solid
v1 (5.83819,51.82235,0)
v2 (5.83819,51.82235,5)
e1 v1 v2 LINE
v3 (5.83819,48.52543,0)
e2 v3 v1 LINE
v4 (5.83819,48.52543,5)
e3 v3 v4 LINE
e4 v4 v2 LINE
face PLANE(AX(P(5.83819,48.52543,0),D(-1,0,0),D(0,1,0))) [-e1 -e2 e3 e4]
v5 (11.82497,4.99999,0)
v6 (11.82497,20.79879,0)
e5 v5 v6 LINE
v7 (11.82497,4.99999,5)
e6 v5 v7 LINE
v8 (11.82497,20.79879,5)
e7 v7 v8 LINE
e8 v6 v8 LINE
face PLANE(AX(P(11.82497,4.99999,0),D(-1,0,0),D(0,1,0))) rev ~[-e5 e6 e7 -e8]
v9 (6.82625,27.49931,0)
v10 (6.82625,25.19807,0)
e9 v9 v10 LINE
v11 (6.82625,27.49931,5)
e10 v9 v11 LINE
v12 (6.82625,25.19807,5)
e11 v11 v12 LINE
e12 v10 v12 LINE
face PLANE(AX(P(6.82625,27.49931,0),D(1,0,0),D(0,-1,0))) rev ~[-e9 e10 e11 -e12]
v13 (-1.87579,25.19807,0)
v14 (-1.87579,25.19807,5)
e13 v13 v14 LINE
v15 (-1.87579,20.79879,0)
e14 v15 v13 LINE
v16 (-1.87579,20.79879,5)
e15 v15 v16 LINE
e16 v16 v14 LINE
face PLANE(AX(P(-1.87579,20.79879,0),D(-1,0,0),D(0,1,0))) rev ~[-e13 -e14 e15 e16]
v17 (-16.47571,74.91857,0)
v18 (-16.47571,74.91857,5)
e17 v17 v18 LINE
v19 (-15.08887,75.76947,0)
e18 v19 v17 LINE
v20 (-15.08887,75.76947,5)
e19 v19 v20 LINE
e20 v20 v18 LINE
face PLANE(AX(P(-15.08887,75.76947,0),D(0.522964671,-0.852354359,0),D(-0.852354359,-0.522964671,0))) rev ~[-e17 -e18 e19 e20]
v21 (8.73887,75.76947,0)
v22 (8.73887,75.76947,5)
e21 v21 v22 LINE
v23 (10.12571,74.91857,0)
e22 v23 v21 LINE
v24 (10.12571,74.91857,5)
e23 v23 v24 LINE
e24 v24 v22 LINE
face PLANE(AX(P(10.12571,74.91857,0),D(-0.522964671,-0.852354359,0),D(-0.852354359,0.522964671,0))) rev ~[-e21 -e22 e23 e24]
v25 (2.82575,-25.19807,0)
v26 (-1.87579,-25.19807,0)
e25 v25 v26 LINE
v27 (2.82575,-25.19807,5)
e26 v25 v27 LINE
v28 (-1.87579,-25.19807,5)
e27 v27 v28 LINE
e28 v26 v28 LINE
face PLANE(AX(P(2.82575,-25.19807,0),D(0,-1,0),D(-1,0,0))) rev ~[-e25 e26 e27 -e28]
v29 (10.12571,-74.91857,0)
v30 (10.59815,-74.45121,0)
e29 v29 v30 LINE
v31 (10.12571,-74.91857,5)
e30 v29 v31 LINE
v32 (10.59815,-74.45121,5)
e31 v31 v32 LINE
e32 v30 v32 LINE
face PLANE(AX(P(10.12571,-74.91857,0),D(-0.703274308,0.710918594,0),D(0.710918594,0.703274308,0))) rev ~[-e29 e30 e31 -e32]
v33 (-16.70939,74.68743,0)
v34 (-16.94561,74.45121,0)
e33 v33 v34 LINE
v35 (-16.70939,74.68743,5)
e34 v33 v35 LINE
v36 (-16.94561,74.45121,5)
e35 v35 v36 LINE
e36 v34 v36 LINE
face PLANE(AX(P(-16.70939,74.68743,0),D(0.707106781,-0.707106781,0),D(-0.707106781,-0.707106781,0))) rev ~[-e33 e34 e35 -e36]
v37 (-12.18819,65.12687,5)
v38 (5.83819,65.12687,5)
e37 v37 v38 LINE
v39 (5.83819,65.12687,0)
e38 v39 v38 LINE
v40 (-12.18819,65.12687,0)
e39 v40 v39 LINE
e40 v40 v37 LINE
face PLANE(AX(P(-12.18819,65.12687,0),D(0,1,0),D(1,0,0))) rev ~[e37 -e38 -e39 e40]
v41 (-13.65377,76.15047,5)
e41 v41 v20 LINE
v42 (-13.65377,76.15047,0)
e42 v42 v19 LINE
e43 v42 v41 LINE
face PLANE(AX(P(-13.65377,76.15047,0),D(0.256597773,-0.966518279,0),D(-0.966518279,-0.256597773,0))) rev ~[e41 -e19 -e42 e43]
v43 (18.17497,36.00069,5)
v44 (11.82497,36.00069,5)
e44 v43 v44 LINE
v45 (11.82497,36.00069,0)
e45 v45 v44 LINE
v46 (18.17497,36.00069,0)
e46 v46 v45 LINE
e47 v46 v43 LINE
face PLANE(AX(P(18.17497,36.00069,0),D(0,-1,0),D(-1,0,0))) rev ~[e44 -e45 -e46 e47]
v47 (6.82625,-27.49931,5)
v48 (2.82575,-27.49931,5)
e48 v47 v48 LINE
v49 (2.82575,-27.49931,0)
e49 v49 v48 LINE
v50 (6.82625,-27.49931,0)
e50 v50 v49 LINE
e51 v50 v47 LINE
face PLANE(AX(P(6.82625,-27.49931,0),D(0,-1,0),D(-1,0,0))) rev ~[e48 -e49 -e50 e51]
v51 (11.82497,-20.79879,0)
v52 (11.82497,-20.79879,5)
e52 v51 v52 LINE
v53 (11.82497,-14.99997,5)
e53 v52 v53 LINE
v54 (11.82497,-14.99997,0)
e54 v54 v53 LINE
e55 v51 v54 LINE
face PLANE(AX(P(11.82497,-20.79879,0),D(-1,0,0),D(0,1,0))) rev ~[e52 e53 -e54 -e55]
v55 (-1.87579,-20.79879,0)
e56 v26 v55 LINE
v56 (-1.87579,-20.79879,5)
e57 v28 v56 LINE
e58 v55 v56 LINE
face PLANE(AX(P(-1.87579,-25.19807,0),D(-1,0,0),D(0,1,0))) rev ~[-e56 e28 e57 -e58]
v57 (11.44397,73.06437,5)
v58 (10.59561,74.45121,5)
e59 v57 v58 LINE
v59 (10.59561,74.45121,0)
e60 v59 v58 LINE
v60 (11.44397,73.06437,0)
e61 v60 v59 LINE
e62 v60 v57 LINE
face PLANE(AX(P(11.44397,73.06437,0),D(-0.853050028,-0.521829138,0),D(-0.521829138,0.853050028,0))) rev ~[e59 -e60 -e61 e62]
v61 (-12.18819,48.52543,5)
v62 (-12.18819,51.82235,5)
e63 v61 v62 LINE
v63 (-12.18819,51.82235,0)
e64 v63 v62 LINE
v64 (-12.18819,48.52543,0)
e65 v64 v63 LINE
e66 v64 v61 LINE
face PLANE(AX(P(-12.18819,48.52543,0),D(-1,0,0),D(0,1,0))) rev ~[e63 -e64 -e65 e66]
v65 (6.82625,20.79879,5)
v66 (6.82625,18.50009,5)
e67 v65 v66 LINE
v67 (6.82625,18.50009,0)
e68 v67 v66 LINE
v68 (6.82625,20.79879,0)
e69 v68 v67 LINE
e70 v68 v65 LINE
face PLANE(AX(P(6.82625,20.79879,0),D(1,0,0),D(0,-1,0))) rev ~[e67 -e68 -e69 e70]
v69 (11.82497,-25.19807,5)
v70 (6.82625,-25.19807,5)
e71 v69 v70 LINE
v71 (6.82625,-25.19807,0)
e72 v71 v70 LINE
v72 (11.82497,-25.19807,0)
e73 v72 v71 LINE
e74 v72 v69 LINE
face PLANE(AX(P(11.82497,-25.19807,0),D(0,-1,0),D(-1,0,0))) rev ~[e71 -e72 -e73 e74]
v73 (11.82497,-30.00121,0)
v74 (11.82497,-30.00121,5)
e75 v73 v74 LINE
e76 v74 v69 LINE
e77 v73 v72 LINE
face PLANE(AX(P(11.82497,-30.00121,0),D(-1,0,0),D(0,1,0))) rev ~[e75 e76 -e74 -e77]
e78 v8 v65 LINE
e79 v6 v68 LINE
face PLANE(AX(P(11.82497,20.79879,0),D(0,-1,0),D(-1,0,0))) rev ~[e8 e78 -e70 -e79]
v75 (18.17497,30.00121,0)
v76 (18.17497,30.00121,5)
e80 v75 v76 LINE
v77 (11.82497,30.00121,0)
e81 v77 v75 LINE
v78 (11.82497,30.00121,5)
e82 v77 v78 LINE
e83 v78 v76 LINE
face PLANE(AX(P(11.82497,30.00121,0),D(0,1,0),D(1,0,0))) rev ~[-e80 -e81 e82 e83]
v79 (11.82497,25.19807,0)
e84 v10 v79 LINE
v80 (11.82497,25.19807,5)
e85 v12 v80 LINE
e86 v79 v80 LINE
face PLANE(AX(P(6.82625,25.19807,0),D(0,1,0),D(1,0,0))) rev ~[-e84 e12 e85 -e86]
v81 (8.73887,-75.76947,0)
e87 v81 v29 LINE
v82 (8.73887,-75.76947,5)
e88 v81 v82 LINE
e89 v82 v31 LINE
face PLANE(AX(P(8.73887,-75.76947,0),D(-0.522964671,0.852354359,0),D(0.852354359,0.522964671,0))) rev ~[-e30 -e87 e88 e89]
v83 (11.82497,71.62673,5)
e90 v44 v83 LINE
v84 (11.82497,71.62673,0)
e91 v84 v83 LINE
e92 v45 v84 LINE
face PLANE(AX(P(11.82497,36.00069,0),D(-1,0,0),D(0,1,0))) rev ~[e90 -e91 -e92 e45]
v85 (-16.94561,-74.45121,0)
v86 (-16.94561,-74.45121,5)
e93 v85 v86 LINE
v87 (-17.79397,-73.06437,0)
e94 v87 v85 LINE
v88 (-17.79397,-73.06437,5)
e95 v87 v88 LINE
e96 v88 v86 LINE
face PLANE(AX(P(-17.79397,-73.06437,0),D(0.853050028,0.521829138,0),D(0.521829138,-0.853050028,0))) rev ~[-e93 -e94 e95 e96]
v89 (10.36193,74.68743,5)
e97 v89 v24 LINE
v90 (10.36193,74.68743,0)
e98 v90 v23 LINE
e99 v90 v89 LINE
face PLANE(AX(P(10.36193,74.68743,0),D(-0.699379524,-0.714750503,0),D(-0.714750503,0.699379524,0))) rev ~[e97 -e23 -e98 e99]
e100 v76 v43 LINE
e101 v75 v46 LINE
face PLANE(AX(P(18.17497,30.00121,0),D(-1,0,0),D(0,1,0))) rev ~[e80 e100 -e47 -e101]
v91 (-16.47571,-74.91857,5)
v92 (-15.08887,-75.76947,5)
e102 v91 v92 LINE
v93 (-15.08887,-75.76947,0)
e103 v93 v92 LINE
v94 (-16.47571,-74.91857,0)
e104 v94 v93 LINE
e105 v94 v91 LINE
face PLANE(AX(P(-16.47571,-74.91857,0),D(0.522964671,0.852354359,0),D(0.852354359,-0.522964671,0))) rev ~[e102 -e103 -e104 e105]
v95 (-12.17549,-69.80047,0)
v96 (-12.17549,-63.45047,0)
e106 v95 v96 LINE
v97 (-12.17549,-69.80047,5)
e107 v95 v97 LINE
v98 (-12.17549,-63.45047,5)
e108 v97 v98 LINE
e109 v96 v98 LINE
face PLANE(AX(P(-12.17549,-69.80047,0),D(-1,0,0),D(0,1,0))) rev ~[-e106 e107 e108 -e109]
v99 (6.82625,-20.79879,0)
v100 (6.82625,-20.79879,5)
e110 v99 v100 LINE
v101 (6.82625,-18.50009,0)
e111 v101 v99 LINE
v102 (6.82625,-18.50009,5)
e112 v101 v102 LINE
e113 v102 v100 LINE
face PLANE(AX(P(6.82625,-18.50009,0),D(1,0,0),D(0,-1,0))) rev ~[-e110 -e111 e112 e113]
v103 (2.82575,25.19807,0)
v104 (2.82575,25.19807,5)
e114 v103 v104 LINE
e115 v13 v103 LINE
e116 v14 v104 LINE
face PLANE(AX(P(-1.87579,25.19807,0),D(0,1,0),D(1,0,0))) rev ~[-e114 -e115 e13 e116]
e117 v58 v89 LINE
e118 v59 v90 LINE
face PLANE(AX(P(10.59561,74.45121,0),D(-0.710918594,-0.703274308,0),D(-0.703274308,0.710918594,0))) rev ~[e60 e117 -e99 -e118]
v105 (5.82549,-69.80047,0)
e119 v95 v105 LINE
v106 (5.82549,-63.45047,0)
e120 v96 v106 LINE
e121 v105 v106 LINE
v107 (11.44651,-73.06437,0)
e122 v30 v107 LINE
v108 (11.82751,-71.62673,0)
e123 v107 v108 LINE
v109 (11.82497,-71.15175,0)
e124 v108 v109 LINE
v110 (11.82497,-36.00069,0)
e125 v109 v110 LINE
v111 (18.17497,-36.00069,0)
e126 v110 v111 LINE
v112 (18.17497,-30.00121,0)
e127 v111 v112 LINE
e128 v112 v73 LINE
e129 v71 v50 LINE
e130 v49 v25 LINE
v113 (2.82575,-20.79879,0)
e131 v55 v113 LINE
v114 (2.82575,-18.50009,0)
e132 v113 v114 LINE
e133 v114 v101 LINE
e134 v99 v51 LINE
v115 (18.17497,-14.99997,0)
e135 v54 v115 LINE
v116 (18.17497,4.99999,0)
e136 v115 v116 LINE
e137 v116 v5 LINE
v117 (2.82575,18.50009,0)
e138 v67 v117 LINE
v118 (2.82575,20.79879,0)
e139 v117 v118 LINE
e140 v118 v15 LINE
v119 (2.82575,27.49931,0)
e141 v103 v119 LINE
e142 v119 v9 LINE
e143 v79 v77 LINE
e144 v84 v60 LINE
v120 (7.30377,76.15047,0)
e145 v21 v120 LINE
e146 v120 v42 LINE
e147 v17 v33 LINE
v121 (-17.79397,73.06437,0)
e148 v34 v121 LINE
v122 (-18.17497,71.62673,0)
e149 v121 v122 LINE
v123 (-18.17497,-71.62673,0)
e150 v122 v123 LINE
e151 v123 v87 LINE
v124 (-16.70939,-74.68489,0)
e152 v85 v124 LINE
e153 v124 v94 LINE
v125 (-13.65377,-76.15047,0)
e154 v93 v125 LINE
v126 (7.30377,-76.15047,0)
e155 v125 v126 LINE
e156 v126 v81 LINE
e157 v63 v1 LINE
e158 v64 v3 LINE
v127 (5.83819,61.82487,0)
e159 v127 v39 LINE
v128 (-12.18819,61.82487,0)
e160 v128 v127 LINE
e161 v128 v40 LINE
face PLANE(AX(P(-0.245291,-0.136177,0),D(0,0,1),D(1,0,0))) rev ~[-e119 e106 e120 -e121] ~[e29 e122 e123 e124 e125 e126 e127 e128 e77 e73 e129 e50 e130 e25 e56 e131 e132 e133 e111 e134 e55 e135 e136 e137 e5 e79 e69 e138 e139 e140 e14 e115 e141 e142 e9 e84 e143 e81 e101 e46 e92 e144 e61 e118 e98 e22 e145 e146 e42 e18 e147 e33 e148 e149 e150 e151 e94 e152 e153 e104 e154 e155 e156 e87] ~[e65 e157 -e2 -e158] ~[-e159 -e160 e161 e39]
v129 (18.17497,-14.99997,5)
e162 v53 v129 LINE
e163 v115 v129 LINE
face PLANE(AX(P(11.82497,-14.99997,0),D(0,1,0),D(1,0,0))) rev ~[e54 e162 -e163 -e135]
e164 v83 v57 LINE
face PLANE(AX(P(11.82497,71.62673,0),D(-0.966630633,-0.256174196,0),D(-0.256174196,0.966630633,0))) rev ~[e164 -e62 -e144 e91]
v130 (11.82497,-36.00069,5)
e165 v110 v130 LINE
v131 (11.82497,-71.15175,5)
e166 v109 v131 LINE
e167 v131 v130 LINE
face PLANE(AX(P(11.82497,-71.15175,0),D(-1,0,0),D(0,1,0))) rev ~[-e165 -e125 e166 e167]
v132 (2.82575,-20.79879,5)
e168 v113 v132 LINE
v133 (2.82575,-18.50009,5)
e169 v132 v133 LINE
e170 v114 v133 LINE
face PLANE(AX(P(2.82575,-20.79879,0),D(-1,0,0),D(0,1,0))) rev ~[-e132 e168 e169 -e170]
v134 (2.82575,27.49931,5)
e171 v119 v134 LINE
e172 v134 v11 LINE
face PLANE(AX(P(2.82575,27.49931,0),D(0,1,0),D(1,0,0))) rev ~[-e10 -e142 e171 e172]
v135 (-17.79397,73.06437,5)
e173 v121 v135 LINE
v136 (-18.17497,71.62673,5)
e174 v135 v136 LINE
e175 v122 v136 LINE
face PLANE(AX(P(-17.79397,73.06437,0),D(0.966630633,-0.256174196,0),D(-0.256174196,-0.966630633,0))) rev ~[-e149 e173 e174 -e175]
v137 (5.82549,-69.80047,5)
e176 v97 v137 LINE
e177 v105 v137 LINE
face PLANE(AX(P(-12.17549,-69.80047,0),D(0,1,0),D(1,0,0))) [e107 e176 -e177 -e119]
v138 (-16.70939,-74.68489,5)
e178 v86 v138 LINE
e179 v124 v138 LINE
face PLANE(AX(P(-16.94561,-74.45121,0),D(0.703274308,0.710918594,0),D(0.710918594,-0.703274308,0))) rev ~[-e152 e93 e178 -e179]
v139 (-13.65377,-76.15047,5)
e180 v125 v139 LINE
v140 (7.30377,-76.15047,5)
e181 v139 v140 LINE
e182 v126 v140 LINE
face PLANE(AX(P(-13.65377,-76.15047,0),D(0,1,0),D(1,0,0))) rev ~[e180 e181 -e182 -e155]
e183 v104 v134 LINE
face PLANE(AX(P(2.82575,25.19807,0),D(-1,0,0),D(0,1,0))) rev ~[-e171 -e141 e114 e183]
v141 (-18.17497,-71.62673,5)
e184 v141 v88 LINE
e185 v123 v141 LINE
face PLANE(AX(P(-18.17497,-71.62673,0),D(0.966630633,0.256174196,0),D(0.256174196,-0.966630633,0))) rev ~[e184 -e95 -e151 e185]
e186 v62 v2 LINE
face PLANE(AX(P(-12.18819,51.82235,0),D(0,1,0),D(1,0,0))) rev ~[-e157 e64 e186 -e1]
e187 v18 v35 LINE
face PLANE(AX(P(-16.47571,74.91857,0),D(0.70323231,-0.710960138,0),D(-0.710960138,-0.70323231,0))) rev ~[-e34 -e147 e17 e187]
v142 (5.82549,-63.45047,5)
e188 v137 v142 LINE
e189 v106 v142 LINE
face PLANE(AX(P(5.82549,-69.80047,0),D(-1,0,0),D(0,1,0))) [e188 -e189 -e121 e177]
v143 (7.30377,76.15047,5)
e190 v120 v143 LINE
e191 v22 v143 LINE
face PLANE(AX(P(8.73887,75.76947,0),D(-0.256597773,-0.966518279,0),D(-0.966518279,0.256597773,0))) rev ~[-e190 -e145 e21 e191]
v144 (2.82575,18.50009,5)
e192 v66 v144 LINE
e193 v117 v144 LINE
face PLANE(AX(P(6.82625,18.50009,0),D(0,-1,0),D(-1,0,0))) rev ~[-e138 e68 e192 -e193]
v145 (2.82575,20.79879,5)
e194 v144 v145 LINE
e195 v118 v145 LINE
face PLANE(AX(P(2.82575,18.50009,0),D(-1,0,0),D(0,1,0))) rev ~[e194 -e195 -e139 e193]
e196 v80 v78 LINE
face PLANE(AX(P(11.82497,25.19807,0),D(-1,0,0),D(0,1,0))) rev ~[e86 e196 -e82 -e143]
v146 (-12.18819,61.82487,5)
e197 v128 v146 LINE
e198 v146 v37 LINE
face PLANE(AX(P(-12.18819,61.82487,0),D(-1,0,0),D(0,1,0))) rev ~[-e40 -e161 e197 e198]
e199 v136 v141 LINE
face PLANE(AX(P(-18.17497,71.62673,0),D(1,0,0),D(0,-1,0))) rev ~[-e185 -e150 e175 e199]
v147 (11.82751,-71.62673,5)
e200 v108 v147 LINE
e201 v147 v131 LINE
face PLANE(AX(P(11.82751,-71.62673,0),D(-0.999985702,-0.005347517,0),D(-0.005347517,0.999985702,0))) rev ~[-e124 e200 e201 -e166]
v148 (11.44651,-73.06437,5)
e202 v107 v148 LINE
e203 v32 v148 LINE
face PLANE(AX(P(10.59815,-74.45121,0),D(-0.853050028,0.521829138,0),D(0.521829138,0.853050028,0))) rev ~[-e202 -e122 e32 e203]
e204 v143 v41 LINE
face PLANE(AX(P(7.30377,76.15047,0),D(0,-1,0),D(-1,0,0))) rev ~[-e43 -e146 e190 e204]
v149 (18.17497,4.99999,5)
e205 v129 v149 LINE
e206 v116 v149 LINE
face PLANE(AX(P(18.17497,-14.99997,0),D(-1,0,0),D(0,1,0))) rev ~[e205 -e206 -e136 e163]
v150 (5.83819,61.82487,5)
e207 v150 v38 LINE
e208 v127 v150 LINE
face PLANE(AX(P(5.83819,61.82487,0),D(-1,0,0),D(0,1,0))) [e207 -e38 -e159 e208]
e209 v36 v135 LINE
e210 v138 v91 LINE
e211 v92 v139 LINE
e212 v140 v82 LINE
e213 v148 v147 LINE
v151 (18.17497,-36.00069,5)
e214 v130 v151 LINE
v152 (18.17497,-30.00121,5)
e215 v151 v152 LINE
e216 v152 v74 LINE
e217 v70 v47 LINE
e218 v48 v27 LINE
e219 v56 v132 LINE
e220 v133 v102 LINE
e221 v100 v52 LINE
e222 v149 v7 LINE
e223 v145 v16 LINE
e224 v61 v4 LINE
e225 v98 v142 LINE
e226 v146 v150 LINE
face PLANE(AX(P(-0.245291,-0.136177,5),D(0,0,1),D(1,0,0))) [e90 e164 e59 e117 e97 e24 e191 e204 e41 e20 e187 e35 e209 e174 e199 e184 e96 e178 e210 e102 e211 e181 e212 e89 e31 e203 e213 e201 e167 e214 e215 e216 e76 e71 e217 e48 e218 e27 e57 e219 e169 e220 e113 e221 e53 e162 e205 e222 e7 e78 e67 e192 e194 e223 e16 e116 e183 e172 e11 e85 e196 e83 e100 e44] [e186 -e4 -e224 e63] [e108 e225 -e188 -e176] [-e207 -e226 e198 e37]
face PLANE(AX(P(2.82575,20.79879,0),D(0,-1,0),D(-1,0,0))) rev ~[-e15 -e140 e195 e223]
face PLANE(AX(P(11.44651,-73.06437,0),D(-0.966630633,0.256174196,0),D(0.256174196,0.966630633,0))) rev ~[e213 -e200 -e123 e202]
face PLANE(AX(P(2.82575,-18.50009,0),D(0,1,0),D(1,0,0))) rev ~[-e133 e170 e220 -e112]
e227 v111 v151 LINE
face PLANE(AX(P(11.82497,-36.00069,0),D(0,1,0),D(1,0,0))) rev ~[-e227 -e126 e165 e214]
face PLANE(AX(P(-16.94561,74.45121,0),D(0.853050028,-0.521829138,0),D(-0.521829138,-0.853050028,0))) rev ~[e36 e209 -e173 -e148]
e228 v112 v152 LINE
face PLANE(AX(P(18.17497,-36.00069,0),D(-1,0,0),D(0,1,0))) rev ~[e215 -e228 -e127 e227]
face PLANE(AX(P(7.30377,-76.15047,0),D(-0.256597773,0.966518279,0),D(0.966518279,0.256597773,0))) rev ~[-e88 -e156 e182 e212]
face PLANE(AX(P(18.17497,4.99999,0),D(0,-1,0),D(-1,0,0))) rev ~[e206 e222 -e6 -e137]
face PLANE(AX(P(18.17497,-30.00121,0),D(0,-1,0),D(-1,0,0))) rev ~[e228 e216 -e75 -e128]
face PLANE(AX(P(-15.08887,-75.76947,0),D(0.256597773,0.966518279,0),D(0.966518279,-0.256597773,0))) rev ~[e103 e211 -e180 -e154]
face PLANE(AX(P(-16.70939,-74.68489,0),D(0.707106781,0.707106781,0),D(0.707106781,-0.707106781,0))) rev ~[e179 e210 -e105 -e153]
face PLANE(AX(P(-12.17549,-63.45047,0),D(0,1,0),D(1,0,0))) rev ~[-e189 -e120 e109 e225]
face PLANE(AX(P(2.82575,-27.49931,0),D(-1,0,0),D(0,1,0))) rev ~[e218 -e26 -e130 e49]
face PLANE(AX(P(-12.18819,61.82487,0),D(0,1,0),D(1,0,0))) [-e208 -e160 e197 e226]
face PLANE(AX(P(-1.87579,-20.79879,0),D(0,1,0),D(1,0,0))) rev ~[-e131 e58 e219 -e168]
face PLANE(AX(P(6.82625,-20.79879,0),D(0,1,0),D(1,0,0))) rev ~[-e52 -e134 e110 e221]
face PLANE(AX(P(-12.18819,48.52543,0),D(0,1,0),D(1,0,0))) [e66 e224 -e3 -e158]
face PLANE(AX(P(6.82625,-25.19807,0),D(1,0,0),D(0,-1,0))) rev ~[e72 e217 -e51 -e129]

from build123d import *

# Parameters (mm, degrees)
SKETCH1_W           = 18.00098
SKETCH1_H           = 6.35
SKETCH1_W_2         = 18.02638
SKETCH1_H_2         = 3.302
SKETCH1_H_3         = 3.29692
BOSS_EXTRUDE1_DEPTH = 5


with BuildPart() as part:
    # Sketch1 → Boss-Extrude1 (new body)
    with BuildSketch(Plane.XY):
        Polygon((-13.17371, -76.15047), (6.82625, -76.15047), (7.30377, -76.15047), (8.73887, -75.76947), (10.12571, -74.91857), (10.36193, -74.68489), (10.59815, -74.45121), (11.44651, -73.06437), (11.82751, -71.62673), (11.82497, -71.15175), (11.82497, -36.00069), (18.17497, -36.00069), (18.17497, -30.00121), (11.82497, -30.00121), (11.82497, -25.19807), (6.82625, -25.19807), (6.82625, -27.49931), (2.82575, -27.49931), (2.82575, -25.19807), (-1.87579, -25.19807), (-1.87579, -20.79879), (2.82575, -20.79879), (2.82575, -18.50009), (6.82625, -18.50009), (6.82625, -20.79879), (11.82497, -20.79879), (11.82497, -14.99997), (18.17497, -14.99997), (18.17497, 4.99999), (11.82497, 4.99999), (11.82497, 20.79879), (6.82625, 20.79879), (6.82625, 18.50009), (2.82575, 18.50009), (2.82575, 20.79879), (-1.87579, 20.79879), (-1.87579, 25.19807), (2.82575, 25.19807), (2.82575, 27.49931), (6.82625, 27.49931), (6.82625, 25.19807), (11.82497, 25.19807), (11.82497, 30.00121), (18.17497, 30.00121), (18.17497, 36.00069), (11.82497, 36.00069), (11.82497, 71.14921), (11.82497, 71.62673), (11.44397, 73.06437), (10.59561, 74.45121), (10.36193, 74.68743), (10.12571, 74.91857), (8.73887, 75.76947), (7.30377, 76.15047), (6.82625, 76.15047), (-13.17371, 76.15047), (-13.65377, 76.15047), (-15.08887, 75.76947), (-16.47571, 74.91857), (-16.70939, 74.68743), (-16.94561, 74.45121), (-17.79397, 73.06437), (-18.17497, 71.62673), (-18.17497, 71.14921), (-18.17497, -71.15175), (-18.17497, -71.62673), (-17.79397, -73.06437), (-16.94561, -74.45121), (-16.70939, -74.68489), (-16.47571, -74.91857), (-15.08887, -75.76947), (-13.65377, -76.15047), align=None)
        with Locations((-3.175, -66.62547)):
            Rectangle(SKETCH1_W, SKETCH1_H, mode=Mode.SUBTRACT)
        with Locations((-3.175, 63.47587)):
            Rectangle(SKETCH1_W_2, SKETCH1_H_2, mode=Mode.SUBTRACT)
        with Locations((-3.175, 50.17389)):
            Rectangle(SKETCH1_W_2, SKETCH1_H_3, mode=Mode.SUBTRACT)
    extrude(amount=BOSS_EXTRUDE1_DEPTH)


solid = part.part
